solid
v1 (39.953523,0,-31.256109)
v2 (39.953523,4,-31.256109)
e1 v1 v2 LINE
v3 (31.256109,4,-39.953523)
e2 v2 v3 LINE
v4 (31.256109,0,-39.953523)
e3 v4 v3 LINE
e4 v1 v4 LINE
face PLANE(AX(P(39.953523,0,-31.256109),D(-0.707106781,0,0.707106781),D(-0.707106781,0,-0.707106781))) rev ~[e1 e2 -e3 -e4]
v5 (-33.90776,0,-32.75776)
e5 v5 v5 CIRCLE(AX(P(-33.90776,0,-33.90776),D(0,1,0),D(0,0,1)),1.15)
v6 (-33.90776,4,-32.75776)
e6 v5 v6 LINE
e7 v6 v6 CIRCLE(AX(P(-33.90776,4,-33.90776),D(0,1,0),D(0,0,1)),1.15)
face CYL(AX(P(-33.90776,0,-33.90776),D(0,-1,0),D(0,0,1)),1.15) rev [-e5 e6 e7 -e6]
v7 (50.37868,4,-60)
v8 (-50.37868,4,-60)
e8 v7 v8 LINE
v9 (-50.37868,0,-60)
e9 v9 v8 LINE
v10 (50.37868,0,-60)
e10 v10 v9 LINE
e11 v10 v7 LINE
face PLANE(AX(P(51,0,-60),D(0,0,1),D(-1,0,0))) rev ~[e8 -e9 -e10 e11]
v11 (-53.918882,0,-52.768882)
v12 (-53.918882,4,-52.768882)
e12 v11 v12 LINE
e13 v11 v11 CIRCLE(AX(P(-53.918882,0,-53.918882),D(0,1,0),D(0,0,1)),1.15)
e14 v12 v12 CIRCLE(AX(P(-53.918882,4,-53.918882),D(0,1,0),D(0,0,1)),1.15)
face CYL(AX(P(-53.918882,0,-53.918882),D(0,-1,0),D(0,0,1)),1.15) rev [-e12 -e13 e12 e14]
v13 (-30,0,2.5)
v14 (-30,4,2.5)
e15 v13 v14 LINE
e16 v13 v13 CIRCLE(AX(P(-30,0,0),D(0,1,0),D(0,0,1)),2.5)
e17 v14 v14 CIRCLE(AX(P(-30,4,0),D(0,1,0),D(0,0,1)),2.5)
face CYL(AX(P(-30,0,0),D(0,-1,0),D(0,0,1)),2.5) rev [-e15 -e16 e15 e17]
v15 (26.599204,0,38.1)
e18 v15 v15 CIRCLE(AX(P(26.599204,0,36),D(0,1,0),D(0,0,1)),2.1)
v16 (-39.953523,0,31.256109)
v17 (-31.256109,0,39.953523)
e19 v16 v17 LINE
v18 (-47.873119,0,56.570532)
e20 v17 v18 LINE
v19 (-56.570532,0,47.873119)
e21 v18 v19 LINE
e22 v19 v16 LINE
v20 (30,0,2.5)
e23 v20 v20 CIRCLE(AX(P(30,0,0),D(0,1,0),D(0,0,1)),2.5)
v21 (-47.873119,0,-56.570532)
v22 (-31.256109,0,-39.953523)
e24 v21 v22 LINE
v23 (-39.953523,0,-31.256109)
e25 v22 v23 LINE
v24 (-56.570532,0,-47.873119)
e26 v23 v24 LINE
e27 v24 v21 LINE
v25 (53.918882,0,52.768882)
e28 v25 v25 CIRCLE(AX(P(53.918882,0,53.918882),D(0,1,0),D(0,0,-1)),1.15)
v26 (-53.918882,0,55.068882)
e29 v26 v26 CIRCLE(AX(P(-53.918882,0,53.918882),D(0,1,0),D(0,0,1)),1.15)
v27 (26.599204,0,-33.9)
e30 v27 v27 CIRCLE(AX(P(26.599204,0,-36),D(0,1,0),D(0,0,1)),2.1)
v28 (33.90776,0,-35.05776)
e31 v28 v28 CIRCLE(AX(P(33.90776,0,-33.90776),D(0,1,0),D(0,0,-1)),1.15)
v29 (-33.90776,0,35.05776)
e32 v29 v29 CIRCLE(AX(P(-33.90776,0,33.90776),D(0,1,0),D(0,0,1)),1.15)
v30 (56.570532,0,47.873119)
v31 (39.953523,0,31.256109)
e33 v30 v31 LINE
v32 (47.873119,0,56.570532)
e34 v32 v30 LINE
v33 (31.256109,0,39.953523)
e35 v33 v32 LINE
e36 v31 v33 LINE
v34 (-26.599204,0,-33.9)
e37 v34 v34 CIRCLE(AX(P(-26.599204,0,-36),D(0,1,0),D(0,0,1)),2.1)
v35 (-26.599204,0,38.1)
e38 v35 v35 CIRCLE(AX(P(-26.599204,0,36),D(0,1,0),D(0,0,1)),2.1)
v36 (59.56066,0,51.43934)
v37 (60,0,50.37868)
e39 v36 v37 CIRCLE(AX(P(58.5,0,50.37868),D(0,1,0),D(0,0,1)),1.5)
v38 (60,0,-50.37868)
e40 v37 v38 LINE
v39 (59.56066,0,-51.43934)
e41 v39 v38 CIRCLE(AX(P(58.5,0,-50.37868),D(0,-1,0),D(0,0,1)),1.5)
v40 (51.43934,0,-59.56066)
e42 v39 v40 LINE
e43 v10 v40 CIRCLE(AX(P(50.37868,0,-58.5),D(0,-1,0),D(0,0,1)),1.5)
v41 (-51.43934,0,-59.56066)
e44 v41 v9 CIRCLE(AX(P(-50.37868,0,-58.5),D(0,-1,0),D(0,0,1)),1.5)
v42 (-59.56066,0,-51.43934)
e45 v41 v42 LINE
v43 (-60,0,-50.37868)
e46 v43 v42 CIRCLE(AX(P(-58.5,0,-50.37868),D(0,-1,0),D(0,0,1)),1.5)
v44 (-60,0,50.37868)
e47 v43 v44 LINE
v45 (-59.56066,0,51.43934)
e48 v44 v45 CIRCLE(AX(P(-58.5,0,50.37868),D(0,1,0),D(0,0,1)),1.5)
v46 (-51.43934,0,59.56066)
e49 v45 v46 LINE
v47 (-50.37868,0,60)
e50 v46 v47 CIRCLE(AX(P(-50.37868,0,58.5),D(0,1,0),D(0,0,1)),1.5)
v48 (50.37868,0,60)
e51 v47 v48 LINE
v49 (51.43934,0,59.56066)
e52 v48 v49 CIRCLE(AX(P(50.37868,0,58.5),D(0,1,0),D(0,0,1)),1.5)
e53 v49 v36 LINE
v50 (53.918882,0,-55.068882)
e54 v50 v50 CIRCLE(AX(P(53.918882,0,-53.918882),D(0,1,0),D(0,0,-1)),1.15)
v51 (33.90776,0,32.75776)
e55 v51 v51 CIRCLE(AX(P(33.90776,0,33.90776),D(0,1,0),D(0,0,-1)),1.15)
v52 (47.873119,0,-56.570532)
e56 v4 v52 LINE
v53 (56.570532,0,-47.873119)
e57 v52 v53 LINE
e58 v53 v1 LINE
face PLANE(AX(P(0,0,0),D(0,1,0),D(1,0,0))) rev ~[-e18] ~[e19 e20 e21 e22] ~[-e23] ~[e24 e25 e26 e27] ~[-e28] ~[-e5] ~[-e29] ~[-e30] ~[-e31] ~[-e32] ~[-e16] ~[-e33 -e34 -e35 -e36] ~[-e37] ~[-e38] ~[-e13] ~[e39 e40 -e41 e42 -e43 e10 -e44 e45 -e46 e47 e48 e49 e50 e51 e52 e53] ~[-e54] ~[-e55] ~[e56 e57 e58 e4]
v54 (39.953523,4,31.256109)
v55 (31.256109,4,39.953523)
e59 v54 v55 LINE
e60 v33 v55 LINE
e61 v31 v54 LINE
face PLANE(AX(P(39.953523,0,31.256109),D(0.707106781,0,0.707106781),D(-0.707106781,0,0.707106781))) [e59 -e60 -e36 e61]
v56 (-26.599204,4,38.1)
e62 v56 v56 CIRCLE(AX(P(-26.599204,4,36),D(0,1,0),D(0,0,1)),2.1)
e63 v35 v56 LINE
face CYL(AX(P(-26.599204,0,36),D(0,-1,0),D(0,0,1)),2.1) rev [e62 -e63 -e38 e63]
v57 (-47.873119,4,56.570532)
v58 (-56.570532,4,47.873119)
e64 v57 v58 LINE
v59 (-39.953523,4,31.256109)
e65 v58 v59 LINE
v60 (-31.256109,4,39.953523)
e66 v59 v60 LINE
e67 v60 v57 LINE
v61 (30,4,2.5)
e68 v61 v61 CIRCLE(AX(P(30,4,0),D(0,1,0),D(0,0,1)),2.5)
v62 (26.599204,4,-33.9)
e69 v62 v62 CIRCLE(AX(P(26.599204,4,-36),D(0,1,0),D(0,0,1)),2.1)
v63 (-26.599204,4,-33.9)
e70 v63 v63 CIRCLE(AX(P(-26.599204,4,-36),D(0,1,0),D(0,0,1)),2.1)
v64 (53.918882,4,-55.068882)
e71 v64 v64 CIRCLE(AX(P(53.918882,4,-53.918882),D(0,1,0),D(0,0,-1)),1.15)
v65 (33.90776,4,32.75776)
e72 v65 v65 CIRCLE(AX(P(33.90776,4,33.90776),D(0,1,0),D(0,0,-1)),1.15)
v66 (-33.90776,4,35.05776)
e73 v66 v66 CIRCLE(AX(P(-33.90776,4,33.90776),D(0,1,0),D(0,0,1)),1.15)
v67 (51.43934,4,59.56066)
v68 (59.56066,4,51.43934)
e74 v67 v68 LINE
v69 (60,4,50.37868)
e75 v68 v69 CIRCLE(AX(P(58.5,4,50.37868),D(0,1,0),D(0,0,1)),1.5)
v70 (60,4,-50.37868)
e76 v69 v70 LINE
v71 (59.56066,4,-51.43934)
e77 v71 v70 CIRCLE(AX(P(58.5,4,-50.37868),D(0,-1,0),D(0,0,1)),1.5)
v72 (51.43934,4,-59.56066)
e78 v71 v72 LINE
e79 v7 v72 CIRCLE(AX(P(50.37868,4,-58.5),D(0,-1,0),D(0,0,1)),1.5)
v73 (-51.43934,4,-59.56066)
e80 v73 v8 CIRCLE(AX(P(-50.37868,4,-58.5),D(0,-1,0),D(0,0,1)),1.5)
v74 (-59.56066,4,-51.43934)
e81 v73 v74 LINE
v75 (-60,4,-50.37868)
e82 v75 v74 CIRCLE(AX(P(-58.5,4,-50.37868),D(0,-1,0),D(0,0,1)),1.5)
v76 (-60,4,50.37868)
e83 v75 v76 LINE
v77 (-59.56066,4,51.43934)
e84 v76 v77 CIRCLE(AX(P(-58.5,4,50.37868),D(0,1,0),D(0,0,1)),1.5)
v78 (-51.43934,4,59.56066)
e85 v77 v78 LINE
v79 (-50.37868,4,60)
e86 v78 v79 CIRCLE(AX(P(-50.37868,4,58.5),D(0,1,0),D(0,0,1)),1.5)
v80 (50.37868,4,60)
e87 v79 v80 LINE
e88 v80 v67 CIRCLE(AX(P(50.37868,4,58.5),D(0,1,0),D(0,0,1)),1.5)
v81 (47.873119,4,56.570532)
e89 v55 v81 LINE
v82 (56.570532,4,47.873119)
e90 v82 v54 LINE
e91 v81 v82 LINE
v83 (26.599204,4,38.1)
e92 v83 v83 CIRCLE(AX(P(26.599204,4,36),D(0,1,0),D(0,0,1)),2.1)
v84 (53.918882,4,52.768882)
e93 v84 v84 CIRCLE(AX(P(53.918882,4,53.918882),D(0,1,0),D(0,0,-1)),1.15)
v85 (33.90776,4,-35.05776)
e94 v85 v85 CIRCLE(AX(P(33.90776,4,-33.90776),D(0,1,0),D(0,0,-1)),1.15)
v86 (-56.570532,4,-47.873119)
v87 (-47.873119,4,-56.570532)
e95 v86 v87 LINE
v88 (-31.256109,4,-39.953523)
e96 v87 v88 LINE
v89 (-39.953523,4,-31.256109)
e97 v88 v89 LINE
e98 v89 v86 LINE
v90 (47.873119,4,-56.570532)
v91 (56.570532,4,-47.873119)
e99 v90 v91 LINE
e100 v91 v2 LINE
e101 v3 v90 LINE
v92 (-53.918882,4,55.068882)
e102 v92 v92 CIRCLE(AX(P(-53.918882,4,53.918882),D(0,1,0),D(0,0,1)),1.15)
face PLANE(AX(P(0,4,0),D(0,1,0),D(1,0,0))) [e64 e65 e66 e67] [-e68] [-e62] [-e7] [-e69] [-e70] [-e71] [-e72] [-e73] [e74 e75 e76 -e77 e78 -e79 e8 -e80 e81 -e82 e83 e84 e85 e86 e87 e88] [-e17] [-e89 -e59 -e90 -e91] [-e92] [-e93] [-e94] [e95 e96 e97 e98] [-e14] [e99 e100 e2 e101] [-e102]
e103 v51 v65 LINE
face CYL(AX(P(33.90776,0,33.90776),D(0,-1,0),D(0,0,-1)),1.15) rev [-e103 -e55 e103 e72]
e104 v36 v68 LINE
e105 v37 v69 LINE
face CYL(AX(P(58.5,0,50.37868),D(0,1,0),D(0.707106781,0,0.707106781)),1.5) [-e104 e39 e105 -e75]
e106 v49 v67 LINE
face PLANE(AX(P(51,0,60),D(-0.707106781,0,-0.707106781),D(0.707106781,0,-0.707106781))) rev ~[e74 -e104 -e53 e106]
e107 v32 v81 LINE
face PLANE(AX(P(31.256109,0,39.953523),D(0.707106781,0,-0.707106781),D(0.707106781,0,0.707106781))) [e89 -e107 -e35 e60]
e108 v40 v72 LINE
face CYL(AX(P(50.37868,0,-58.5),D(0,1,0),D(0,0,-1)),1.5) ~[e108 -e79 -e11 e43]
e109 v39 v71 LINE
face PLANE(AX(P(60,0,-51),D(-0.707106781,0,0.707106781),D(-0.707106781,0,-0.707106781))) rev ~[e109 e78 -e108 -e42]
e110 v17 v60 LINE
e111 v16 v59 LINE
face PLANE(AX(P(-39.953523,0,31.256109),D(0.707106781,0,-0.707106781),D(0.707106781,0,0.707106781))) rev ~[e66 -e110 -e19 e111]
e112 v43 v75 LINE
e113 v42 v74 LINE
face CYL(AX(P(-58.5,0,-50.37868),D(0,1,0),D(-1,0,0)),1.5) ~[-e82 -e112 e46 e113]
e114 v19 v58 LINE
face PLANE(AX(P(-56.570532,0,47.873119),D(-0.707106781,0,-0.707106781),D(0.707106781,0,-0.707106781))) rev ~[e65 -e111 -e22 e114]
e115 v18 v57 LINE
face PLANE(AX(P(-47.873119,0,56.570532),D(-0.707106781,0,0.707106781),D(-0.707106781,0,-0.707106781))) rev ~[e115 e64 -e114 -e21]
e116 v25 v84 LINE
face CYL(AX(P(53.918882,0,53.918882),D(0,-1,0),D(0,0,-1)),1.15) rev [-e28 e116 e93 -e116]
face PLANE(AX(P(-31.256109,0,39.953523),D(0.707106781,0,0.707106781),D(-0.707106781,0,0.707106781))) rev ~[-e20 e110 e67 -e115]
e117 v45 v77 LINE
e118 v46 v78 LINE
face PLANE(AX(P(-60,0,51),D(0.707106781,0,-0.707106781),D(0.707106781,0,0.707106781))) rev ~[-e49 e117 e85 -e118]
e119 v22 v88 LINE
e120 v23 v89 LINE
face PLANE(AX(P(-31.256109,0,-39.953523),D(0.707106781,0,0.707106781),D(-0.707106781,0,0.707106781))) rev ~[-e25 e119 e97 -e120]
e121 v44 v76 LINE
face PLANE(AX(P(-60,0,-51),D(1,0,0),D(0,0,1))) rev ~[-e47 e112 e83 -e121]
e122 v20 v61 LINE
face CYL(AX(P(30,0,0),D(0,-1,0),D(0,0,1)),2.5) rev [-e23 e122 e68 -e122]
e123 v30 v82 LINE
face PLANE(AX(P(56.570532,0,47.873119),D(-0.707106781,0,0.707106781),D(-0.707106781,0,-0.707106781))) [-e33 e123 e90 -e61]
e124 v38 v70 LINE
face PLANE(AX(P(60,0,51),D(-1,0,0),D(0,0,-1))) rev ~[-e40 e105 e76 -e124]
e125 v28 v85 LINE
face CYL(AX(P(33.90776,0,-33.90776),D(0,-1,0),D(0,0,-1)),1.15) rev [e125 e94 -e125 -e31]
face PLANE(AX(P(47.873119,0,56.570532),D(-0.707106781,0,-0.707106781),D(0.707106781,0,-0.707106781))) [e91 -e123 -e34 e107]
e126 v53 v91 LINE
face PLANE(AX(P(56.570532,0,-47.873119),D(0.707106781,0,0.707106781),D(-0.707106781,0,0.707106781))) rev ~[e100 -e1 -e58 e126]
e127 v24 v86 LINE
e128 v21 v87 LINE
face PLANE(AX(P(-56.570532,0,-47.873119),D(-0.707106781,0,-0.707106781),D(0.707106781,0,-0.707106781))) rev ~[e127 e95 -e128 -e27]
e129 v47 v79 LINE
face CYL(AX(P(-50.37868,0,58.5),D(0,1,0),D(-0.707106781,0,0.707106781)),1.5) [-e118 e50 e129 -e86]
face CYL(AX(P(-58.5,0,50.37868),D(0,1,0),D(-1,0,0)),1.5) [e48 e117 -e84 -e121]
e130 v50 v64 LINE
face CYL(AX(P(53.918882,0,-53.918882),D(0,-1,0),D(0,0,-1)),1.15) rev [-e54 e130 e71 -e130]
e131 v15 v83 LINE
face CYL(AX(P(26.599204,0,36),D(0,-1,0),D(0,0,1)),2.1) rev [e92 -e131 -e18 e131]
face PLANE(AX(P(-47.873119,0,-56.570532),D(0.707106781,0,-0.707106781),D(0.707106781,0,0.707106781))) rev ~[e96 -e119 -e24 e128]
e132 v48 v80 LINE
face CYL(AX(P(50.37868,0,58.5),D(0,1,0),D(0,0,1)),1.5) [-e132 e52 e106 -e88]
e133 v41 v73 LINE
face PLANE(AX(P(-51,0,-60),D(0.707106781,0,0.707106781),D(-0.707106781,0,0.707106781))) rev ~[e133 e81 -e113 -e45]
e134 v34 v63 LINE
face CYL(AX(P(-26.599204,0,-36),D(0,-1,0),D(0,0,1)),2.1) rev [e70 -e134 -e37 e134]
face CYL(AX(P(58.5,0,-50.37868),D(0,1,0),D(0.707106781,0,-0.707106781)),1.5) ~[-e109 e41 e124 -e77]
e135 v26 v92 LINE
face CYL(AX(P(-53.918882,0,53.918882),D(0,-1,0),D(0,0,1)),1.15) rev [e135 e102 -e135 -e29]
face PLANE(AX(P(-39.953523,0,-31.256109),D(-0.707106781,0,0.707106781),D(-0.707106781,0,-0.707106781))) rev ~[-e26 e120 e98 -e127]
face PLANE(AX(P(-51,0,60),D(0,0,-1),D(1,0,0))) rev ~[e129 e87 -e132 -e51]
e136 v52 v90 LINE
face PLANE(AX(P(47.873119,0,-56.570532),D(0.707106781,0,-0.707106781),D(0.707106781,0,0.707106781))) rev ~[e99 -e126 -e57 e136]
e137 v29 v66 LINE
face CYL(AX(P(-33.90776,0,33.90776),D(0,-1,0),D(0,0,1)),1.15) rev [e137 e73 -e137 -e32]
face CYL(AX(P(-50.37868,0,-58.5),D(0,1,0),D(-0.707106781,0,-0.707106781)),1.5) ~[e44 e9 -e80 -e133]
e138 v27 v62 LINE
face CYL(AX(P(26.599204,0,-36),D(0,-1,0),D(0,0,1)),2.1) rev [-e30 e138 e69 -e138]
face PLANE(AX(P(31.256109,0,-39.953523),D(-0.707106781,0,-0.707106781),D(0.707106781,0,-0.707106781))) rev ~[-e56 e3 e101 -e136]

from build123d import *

# Parameters (mm, degrees)
SKETCH1_R           = 1.15
SKETCH1_R_2         = 2.5
SKETCH1_R_3         = 2.1
BOSS_EXTRUDE1_DEPTH = 4
FILLET1_R           = 1.5


with BuildPart() as part:
    # Sketch1 → Boss-Extrude1 (new body)
    with BuildSketch(Plane(origin=(0, 0, 0), x_dir=(1, 0, 0), z_dir=(0, 1, 0))):
        Polygon((-60, 51), (-60, -51), (-51, -60), (51, -60), (60, -51), (60, 51), (51, 60), (-51, 60), align=None)
        with Locations(Location((-53.918881682, 53.918881682, 0), (0, 0, 270))):
            Circle(SKETCH1_R, mode=Mode.SUBTRACT)
        with Locations(Location((-33.907759774, 33.907759774, 0), (0, 0, 270))):
            Circle(SKETCH1_R, mode=Mode.SUBTRACT)
        with Locations(Location((33.907759774, 33.907759774, 0), (0, 0, 90))):
            Circle(SKETCH1_R, mode=Mode.SUBTRACT)
        with Locations(Location((53.918881682, 53.918881682, 0), (0, 0, 90))):
            Circle(SKETCH1_R, mode=Mode.SUBTRACT)
        with Locations(Location((-53.918881682, -53.918881682, 0), (0, 0, 270))):
            Circle(SKETCH1_R, mode=Mode.SUBTRACT)
        with Locations(Location((-33.907759774, -33.907759774, 0), (0, 0, 270))):
            Circle(SKETCH1_R, mode=Mode.SUBTRACT)
        with Locations(Location((53.918881682, -53.918881682, 0), (0, 0, 90))):
            Circle(SKETCH1_R, mode=Mode.SUBTRACT)
        with Locations(Location((33.907759774, -33.907759774, 0), (0, 0, 90))):
            Circle(SKETCH1_R, mode=Mode.SUBTRACT)
        with Locations(Location((-30, 0, 0), (0, 0, 270))):
            Circle(SKETCH1_R_2, mode=Mode.SUBTRACT)
        with Locations(Location((30, 0, 0), (0, 0, 270))):
            Circle(SKETCH1_R_2, mode=Mode.SUBTRACT)
        with Locations(Location((26.599203711, 36, 0), (0, 0, 270))):
            Circle(SKETCH1_R_3, mode=Mode.SUBTRACT)
        with Locations(Location((26.599203711, -36, 0), (0, 0, 270))):
            Circle(SKETCH1_R_3, mode=Mode.SUBTRACT)
        with Locations(Location((-26.599203711, -36, 0), (0, 0, 270))):
            Circle(SKETCH1_R_3, mode=Mode.SUBTRACT)
        with Locations(Location((-26.599203711, 36, 0), (0, 0, 270))):
            Circle(SKETCH1_R_3, mode=Mode.SUBTRACT)
        Polygon((-56.570532111, 47.873118703), (-47.873118703, 56.570532111), (-31.256109345, 39.953522753), (-39.953522753, 31.256109345), align=None, mode=Mode.SUBTRACT)
        Polygon((39.953522753, 31.256109345), (31.256109345, 39.953522753), (47.873118703, 56.570532111), (56.570532111, 47.873118703), align=None, mode=Mode.SUBTRACT)
        Polygon((-47.873118703, -56.570532111), (-56.570532111, -47.873118703), (-39.953522753, -31.256109345), (-31.256109345, -39.953522753), align=None, mode=Mode.SUBTRACT)
        Polygon((47.873118703, -56.570532111), (56.570532111, -47.873118703), (39.953522753, -31.256109345), (31.256109345, -39.953522753), align=None, mode=Mode.SUBTRACT)
    extrude(amount=BOSS_EXTRUDE1_DEPTH)

    # Fillet1
    fillet1_edges = [part.edges().sort_by_distance(p)[0] for p in [
        (51, 2, -60),
        (60, 2, -51),
        (60, 2, 51),
        (51, 2, 60),
        (-51, 2, 60),
        (-60, 2, 51),
        (-60, 2, -51),
        (-51, 2, -60),
    ]]
    fillet(fillet1_edges, radius=FILLET1_R)


solid = part.part
